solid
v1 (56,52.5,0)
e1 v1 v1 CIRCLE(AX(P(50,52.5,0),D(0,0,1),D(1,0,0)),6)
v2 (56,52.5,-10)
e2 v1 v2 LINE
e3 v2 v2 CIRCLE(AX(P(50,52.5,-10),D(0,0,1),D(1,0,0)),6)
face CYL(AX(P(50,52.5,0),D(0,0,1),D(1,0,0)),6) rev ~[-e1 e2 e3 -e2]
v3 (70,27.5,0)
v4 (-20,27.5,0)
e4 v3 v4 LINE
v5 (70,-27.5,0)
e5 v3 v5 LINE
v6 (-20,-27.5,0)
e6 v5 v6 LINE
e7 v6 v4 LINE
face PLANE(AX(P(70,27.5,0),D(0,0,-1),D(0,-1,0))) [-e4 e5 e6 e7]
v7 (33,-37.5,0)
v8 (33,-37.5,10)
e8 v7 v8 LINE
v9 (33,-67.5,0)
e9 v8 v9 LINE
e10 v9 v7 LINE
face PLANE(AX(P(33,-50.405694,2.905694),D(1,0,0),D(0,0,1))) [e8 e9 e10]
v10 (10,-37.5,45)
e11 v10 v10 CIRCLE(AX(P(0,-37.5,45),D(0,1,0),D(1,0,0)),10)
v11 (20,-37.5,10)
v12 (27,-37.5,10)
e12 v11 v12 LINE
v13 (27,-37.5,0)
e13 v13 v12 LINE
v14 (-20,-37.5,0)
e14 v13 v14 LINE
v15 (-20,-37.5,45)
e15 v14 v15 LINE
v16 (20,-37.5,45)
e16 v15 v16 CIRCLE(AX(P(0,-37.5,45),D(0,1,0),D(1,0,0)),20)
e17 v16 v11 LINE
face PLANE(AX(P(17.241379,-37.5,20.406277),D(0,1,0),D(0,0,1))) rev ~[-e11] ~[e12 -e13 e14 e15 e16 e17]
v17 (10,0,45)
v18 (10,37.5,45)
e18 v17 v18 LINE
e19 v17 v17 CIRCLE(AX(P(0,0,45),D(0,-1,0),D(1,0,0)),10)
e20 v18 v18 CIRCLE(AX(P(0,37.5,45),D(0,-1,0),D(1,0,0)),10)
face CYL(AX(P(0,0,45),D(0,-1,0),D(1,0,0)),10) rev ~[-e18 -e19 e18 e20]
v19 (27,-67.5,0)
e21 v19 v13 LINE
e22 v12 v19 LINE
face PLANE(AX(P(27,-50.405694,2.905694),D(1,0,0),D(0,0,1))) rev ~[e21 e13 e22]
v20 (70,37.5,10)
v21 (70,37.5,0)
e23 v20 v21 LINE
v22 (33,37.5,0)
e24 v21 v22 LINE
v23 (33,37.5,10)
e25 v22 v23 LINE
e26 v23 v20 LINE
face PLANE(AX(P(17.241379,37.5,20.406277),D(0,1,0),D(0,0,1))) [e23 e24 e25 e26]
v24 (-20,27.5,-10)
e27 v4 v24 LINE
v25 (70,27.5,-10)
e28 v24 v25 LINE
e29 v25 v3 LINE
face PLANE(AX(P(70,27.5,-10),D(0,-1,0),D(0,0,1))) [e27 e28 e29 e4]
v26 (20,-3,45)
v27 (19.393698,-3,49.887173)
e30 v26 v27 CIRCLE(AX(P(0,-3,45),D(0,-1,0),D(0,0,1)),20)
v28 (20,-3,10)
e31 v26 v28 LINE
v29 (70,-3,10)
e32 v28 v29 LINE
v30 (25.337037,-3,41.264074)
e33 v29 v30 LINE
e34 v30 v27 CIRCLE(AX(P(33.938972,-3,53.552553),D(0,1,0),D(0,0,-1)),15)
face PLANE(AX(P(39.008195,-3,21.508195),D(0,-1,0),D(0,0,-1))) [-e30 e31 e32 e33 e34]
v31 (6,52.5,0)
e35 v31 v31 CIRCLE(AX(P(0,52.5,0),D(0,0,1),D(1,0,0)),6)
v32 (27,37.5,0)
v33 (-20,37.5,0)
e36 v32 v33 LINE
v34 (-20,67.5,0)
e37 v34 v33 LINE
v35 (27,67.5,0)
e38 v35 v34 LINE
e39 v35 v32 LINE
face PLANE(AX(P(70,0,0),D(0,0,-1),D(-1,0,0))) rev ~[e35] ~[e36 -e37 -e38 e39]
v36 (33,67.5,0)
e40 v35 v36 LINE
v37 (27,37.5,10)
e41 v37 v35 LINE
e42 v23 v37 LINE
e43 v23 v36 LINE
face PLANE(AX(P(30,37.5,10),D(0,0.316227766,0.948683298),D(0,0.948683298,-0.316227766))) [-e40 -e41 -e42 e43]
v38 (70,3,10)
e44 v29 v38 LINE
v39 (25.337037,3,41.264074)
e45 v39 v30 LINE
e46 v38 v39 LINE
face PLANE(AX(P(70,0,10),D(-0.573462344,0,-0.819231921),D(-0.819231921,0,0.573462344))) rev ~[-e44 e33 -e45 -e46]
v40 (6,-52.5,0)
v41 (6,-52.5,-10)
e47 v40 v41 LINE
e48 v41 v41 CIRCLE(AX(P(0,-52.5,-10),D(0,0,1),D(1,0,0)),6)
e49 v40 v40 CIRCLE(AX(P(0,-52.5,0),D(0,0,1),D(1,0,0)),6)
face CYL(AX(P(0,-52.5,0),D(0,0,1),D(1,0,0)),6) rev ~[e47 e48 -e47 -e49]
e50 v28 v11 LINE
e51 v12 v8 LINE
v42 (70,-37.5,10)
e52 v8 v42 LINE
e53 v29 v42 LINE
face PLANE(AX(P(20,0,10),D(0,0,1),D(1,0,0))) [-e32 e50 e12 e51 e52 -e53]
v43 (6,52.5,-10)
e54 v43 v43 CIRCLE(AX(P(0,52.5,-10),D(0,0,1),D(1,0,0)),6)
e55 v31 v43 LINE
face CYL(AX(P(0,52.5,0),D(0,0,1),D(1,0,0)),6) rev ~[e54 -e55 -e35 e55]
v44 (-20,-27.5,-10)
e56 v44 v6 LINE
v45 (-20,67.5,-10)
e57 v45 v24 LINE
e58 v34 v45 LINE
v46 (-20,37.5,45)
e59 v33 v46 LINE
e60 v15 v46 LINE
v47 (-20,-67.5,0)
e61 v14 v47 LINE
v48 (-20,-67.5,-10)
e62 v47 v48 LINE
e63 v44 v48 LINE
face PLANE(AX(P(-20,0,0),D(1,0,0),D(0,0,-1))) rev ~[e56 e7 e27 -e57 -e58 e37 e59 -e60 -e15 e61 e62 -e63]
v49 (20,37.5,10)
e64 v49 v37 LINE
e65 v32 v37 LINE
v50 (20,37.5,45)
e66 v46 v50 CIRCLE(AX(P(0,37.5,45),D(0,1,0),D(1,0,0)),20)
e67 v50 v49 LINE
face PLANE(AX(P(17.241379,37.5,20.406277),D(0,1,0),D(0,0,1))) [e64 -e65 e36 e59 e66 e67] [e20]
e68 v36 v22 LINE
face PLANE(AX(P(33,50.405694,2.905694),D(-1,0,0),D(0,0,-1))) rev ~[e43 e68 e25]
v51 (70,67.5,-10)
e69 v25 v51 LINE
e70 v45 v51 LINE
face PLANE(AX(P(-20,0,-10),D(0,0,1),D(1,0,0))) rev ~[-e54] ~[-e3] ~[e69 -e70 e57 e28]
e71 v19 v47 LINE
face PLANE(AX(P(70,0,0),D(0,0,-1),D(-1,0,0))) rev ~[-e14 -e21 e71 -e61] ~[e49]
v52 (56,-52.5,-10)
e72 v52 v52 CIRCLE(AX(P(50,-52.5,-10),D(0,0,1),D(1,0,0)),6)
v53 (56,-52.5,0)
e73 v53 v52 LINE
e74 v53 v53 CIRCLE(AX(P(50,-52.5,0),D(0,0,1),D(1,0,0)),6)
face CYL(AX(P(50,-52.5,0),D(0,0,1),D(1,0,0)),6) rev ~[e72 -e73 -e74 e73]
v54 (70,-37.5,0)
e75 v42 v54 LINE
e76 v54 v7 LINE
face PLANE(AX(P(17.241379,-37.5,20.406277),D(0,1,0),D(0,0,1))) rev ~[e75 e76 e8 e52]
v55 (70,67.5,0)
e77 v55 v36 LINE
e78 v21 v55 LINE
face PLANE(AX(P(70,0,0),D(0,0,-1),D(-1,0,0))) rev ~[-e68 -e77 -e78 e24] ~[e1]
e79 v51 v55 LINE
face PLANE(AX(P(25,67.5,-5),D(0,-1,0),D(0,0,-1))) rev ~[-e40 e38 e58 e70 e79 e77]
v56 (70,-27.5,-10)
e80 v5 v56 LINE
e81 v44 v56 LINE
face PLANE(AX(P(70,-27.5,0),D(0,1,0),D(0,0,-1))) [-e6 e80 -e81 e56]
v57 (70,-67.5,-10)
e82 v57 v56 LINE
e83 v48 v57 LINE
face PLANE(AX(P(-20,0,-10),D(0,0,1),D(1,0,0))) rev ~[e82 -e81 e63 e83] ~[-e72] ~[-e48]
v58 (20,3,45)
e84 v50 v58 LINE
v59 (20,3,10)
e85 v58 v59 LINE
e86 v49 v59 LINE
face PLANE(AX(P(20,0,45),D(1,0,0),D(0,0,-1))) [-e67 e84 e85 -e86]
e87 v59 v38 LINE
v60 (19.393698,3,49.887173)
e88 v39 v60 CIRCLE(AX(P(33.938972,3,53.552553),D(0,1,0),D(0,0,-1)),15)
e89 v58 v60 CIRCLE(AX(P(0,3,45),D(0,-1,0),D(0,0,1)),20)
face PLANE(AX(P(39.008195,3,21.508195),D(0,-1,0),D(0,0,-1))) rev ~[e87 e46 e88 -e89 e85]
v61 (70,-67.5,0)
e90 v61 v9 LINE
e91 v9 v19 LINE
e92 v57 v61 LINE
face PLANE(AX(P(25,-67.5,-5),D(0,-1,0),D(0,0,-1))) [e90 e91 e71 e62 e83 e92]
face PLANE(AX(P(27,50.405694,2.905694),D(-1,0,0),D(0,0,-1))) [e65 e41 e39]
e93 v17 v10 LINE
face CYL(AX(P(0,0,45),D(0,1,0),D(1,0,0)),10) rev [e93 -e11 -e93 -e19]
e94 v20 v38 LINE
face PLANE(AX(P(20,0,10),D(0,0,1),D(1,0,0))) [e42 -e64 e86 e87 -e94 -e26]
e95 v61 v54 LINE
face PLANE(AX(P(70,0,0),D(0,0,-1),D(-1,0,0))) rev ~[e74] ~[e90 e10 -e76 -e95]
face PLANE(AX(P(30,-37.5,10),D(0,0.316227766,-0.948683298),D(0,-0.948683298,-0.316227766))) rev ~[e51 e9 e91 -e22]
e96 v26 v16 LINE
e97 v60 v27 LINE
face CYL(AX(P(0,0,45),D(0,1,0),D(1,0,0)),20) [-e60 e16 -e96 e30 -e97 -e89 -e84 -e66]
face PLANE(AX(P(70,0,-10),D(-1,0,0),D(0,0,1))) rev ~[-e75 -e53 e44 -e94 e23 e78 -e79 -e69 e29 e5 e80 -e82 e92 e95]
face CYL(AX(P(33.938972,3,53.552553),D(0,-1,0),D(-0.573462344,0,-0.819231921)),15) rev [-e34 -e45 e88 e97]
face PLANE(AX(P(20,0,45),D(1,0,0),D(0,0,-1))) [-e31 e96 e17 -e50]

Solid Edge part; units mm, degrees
sketch "Sketch1" plane through (0, 0, 0) normal (0, -1, 0) x (1, 0, 0)
  line L0 (70, 0) -> (-20, 0)
  line L1 (-20, 0) -> (-20, -10)
  line L2 (-20, -10) -> (70, -10)
  line L3 (70, -10) -> (70, 0)
extrude "Protrusion1" add sketch "Sketch1" along normal mid plane 135
sketch "Sketch2" plane through (0, 0, 0) normal (0, -1, 0) x (1, 0, 0)
  line L0 (70, 10) -> (70, 0)
  line L1 (70, 0) -> (-20, 0)
  line L2 (-20, 0) -> (-20, 45)
  line L3 (20, 45) -> (20, 10)
  line L4 (20, 10) -> (70, 10)
  arc A0 (-20, 45) -> (20, 45) centre (0, 45) cw
extrude "ExtrudedProtrusion_2" add sketch "Sketch2" along normal mid plane 75
sketch "Sketch3" plane through (0, 0, 0) normal (0, -1, 0) x (1, 0, 0)
  circle A0 centre (0, 45) radius 10
extrude "ExtrudedCutout_1" cut sketch "Sketch3" along normal mid plane 308.4741
sketch "Sketch4" plane through (70, 0, 0) normal (1, 0, 0) x (0, 1, 0)
  line L0 (-27.5, 0) -> (-27.5, -10)
  line L1 (-27.5, -10) -> (27.5, -10)
  line L2 (27.5, -10) -> (27.5, 0)
  line L3 (27.5, 0) -> (-27.5, 0)
extrude "ExtrudedCutout_2" cut sketch "Sketch4" along normal mid plane 314.3461
sketch "Sketch5" plane through (0, 0, 0) normal (0, -1, 0) x (1, 0, 0)
  line L0 (70, 10) -> (20, 45)
  line L1 (20, 45) -> (20, 10)
  line L2 (20, 10) -> (70, 10)
extrude "ExtrudedProtrusion_3" add sketch "Sketch5" along normal mid plane 6
sketch "Sketch6" plane through (25, -52.5, 0) normal (0, 0, 1) x (1, 0, 0)
  circle A0 centre (-25, 0) radius 6
  circle A1 centre (25, 0) radius 6
  circle A2 centre (-25, 105) radius 6
  circle A3 centre (25, 105) radius 6
extrude "ExtrudedCutout_3" cut sketch "Sketch6" along normal mid plane 143.6428
fillet "Round_1" radius 15 1 edges at (20, 0, 45)
sketch "Sketch7" plane through (30, 0, 0) normal (1, 0, 0) x (0, 1, 0)
  line L0 (-37.5, 0) -> (-37.5, 10)
  line L1 (-37.5, 10) -> (-67.5, 0)
  line L2 (-67.5, 0) -> (-37.5, 0)
  line L3 (37.5, 0) -> (37.5, 10)
  line L4 (37.5, 10) -> (67.5, 0)
  line L5 (67.5, 0) -> (37.5, 0)
extrude "Protrusion_4" add sketch "Sketch7" along normal mid plane 6
